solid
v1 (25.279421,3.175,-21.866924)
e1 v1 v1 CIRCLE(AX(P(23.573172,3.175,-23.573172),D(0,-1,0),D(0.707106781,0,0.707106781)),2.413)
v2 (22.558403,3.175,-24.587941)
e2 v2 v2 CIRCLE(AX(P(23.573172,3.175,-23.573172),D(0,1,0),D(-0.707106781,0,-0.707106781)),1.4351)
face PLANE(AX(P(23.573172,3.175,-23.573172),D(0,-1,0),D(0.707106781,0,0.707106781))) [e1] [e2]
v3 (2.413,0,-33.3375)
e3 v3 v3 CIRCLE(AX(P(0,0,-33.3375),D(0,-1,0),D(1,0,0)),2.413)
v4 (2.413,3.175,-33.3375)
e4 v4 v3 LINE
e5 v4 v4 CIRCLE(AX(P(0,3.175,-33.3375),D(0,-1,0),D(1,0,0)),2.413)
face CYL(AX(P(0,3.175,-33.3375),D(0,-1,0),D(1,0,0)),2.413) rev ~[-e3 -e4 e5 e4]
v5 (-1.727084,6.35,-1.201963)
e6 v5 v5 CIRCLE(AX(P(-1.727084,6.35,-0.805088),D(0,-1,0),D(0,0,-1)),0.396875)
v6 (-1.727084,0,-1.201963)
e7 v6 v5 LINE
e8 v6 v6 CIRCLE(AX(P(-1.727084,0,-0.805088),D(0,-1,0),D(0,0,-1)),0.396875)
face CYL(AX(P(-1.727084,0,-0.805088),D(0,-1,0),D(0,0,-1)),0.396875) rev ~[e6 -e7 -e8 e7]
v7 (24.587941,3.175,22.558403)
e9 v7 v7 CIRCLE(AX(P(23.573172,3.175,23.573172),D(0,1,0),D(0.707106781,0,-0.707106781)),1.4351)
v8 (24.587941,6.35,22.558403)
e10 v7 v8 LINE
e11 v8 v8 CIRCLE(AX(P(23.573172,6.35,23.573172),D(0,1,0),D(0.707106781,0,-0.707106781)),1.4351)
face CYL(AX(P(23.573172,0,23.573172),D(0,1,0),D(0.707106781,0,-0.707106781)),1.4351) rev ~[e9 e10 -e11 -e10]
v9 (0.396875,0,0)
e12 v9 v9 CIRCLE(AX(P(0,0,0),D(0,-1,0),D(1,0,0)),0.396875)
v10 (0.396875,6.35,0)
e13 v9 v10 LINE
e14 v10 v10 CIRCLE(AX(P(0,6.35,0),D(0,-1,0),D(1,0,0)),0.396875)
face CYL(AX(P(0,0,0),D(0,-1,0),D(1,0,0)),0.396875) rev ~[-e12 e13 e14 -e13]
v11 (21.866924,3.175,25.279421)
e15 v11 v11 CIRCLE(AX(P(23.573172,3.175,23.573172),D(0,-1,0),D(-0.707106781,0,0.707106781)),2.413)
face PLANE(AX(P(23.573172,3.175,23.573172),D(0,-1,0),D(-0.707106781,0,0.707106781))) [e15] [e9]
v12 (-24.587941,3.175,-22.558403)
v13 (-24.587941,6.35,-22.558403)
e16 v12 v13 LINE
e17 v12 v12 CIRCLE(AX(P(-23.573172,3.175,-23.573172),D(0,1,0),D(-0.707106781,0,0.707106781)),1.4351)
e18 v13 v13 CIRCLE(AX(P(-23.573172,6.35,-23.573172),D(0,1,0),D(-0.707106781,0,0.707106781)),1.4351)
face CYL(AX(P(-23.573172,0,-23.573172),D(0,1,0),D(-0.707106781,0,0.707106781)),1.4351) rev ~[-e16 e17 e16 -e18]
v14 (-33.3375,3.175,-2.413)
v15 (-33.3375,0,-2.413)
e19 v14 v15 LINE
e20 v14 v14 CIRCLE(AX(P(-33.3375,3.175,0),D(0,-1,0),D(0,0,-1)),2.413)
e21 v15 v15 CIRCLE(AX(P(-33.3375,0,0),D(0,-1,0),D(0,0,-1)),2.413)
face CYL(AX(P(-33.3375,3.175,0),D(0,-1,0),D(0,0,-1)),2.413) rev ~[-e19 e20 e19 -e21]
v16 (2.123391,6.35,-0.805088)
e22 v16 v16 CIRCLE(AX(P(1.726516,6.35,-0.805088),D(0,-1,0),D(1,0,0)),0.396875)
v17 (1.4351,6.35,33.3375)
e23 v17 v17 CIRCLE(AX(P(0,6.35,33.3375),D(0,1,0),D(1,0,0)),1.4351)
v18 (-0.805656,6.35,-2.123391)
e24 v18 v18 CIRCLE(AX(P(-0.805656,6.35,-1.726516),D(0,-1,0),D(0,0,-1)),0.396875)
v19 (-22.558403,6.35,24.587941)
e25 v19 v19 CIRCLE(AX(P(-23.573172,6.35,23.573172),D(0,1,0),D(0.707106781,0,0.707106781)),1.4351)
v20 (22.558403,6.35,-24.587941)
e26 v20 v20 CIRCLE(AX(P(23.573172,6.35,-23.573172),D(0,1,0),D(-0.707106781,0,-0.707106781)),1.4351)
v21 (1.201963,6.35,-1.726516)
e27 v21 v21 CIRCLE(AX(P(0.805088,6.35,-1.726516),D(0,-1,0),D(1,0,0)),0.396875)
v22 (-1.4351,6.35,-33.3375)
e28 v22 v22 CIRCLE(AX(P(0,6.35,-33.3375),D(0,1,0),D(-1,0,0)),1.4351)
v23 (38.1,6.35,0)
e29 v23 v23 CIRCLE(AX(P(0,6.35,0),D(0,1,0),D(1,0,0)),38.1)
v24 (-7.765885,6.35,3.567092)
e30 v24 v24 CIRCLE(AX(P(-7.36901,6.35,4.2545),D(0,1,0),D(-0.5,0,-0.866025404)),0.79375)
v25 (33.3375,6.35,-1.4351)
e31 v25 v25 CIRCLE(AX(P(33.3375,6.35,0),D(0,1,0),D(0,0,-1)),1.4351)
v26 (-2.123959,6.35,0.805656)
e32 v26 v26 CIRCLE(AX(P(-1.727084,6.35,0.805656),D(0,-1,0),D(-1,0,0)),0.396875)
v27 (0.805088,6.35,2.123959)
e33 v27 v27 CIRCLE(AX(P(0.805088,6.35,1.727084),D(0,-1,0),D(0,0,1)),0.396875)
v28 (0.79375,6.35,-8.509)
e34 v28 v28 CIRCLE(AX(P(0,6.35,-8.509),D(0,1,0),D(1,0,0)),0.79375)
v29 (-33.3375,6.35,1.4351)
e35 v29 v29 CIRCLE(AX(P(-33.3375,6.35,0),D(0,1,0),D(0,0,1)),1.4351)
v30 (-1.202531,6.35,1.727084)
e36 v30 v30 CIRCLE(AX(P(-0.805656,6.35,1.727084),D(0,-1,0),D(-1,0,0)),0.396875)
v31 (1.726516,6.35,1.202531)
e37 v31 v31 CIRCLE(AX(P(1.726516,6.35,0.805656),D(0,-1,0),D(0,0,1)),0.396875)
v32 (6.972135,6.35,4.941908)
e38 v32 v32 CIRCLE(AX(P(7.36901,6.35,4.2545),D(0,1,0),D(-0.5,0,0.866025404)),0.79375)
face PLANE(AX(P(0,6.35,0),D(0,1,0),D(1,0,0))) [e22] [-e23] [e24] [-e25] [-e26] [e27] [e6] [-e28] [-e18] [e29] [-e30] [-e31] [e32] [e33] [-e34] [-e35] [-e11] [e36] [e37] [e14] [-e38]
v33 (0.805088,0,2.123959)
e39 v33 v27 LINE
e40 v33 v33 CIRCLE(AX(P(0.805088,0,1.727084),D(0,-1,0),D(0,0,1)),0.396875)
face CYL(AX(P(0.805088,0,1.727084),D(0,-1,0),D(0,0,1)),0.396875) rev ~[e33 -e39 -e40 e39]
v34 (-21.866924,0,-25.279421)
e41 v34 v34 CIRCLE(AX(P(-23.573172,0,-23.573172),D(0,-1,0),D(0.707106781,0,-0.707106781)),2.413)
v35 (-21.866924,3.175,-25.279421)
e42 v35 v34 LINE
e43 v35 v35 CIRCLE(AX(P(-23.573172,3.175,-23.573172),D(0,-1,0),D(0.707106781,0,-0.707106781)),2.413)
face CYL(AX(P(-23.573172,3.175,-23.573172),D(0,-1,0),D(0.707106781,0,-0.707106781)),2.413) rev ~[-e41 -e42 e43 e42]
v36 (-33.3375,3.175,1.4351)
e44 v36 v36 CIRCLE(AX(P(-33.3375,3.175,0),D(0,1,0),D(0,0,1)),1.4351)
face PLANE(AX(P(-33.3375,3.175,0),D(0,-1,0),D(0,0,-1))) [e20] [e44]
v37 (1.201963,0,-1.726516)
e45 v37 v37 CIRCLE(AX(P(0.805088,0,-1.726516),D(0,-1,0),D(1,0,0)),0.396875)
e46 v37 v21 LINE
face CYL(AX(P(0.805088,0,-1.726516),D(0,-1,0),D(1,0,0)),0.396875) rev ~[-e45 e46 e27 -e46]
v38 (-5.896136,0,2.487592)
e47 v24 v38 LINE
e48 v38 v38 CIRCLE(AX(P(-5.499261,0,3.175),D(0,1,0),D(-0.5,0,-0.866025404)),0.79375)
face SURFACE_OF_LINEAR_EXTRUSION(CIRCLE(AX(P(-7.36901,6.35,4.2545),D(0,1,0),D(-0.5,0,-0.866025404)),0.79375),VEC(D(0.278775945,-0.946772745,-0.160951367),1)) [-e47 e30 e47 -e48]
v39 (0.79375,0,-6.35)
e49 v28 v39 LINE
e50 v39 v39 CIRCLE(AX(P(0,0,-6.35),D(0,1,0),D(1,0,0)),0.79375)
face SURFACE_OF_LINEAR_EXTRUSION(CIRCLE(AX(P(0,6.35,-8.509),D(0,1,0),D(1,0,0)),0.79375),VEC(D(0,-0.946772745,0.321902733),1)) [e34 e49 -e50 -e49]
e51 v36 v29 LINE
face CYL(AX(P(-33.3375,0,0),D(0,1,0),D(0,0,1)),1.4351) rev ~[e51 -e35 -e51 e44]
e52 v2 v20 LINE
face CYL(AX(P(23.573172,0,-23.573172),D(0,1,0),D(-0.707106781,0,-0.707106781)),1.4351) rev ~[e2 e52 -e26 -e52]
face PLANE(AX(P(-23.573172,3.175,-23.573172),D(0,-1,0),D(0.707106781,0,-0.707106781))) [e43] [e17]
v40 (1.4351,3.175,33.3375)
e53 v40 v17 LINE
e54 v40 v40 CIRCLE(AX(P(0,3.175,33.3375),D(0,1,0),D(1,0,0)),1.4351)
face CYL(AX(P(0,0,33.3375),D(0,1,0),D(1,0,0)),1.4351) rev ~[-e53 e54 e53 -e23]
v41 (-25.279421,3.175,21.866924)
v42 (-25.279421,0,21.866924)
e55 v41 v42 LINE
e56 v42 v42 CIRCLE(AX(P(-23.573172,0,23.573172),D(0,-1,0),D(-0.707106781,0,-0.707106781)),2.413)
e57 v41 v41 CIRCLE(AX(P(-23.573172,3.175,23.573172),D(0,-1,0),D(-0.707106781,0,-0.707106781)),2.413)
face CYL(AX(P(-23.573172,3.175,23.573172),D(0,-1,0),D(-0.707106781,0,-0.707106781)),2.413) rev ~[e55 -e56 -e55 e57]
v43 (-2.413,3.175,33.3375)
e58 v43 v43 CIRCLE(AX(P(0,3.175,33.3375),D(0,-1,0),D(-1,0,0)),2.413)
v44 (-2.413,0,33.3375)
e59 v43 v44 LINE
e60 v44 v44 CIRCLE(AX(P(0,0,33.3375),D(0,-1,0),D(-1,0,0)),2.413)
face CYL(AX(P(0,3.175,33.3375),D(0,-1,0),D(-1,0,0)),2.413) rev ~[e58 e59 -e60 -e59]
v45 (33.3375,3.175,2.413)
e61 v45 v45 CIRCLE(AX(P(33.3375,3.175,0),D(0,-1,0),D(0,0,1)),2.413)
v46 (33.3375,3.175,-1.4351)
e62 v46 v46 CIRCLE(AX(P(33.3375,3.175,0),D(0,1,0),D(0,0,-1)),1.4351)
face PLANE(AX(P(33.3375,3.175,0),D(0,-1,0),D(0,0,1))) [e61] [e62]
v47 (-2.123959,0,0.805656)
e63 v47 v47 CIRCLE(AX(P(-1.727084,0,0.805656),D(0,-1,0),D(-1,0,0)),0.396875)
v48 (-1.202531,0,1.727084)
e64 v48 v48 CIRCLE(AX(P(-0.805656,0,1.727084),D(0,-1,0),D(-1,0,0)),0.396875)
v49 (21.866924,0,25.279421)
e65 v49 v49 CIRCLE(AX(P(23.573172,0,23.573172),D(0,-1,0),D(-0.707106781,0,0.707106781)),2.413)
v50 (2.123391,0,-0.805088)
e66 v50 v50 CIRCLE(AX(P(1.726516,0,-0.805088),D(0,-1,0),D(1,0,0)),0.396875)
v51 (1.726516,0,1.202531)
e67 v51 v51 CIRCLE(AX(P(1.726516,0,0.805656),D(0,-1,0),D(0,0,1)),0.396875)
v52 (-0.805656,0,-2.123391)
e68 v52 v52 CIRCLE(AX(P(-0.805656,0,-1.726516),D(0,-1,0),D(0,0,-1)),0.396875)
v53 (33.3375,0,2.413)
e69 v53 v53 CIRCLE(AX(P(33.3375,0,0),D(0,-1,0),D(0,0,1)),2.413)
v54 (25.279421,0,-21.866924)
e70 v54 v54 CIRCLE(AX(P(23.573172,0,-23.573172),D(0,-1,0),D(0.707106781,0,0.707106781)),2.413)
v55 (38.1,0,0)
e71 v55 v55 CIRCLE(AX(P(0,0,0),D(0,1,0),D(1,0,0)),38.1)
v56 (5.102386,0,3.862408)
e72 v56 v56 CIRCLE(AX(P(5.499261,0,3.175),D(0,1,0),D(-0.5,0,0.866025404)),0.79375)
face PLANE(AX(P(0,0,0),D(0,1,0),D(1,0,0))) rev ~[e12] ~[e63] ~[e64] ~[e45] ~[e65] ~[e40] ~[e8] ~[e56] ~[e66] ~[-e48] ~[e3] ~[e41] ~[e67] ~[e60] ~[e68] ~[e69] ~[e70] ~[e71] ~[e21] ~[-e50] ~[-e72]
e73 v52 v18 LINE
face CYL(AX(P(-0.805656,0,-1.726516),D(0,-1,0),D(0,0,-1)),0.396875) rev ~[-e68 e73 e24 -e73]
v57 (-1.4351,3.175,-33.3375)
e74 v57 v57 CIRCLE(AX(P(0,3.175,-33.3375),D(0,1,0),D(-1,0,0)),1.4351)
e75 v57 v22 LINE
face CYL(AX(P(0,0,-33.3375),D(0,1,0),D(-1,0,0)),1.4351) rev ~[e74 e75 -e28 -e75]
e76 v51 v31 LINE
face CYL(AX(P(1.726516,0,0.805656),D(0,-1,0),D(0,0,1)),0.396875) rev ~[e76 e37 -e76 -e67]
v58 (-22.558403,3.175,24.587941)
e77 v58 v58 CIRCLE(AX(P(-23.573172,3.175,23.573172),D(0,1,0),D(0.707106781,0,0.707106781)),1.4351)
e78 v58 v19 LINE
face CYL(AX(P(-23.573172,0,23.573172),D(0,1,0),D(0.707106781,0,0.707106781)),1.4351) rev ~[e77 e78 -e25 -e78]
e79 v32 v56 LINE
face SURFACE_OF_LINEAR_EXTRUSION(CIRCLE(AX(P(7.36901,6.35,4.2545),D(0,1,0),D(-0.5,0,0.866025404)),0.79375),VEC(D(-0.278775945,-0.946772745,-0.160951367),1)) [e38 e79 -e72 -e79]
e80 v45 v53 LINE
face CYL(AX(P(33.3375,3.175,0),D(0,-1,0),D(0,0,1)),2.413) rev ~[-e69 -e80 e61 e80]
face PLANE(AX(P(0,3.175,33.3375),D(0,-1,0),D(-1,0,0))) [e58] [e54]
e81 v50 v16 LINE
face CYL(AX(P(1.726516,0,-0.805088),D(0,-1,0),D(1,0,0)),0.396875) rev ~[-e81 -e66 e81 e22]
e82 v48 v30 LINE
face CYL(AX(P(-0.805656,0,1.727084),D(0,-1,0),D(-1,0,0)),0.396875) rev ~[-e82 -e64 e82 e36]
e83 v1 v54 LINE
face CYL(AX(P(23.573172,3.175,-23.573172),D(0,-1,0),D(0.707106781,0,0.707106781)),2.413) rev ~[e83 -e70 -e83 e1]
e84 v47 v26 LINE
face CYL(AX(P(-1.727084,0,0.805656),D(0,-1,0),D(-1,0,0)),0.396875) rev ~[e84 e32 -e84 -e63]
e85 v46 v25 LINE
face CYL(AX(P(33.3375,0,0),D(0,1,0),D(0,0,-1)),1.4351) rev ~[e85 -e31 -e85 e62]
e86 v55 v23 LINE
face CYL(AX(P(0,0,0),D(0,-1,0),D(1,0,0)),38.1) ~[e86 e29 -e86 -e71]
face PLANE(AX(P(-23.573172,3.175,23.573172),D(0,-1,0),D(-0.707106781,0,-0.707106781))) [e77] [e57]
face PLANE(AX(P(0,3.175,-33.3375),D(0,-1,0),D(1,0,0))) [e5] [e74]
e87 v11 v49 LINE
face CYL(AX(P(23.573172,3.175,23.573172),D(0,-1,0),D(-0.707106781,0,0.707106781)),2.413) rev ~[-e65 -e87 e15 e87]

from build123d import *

# Parameters (mm, degrees)
SKETCH1_R                                      = 38.1
BOSS_EXTRUDE1_DEPTH                            = 6.35
CBORE_FOR_4_BUTTON_HEAD_CAP_SCREW1_D           = 2.8702
CBORE_FOR_4_BUTTON_HEAD_CAP_SCREW1_CBORE_D     = 4.826
CBORE_FOR_4_BUTTON_HEAD_CAP_SCREW1_CBORE_DEPTH = 3.175
CIRPATTERN1_COUNT                              = 8
SKETCH6_R                                      = 0.396875
CUT_EXTRUDE1_DEPTH                             = 55.254423783
CIRPATTERN2_COUNT                              = 4
SKETCH6_3_R                                    = 0.396875
CUT_EXTRUDE2_DEPTH                             = 55.254423783
SKETCH8_R                                      = 0.79375
CIRPATTERN4_COUNT                              = 3


with BuildPart() as part:
    # Sketch1 → Boss-Extrude1 (new body)
    with BuildSketch(Plane(origin=(0, 0, 0), x_dir=(1, 0, 0), z_dir=(0, 1, 0))):
        Circle(SKETCH1_R)
    extrude(amount=BOSS_EXTRUDE1_DEPTH)

    # CBORE for #4 Button Head Cap Screw1 (through all)
    with Locations(Plane(origin=(0, 0, 0), x_dir=(-1, 0, 0), z_dir=(0, -1, 0))):
        with Locations((0, -33.3375)):
            cbore_for_4_button_head_cap_screw1 = CounterBoreHole(CBORE_FOR_4_BUTTON_HEAD_CAP_SCREW1_D / 2, CBORE_FOR_4_BUTTON_HEAD_CAP_SCREW1_CBORE_D / 2, CBORE_FOR_4_BUTTON_HEAD_CAP_SCREW1_CBORE_DEPTH)

    # CirPattern1: CBORE for #4 Button Head Cap Screw1 ×8 about axis
    cirpattern1_axis = Axis((0, 0, 0), (0, 1, 0))
    for i in range(1, CIRPATTERN1_COUNT):
        add(cbore_for_4_button_head_cap_screw1.rotate(cirpattern1_axis, i * 360 / CIRPATTERN1_COUNT), mode=Mode.SUBTRACT)

    # Sketch6 → Cut-Extrude1 (cut, through all)
    with BuildSketch(Plane.XZ):
        with Locations((0.805087789, -1.726516334)):
            Circle(SKETCH6_R)
        with Locations((1.726516334, -0.805087789)):
            Circle(SKETCH6_R)
    cut_extrude1 = extrude(amount=-CUT_EXTRUDE1_DEPTH, mode=Mode.SUBTRACT)

    # CirPattern2: Cut-Extrude1 ×4 about axis
    cirpattern2_axis = Axis((0, 0, 0), (0, -1, 0))
    for i in range(1, CIRPATTERN2_COUNT):
        add(cut_extrude1.rotate(cirpattern2_axis, i * 360 / CIRPATTERN2_COUNT), mode=Mode.SUBTRACT)

    # Sketch6<3> → Cut-Extrude2 (cut, through all)
    with BuildSketch(Plane.XZ):
        Circle(SKETCH6_3_R)
    extrude(amount=-CUT_EXTRUDE2_DEPTH, mode=Mode.SUBTRACT)

    # Cut-Sweep2: sweep along a curve in space
    with BuildLine() as cut_sweep2_path:
        Line((0, 6.35, -8.509), (0, 0, -6.35))
    # Sketch8 → Cut-Sweep2 (sweep, cut)
    with BuildSketch(Plane(origin=(0, 6.35, 0), x_dir=(1, 0, 0), z_dir=(0, 1, 0))):
        with Locations((0, 8.509)):
            Circle(SKETCH8_R)
    cut_sweep2 = sweep(path=cut_sweep2_path.line, mode=Mode.SUBTRACT)

    # CirPattern4: Cut-Sweep2 ×3 about axis
    cirpattern4_axis = Axis((0, 6.35, 0), (0, -1, 0))
    for i in range(1, CIRPATTERN4_COUNT):
        add(cut_sweep2.rotate(cirpattern4_axis, i * 360 / CIRPATTERN4_COUNT), mode=Mode.SUBTRACT)


solid = part.part
